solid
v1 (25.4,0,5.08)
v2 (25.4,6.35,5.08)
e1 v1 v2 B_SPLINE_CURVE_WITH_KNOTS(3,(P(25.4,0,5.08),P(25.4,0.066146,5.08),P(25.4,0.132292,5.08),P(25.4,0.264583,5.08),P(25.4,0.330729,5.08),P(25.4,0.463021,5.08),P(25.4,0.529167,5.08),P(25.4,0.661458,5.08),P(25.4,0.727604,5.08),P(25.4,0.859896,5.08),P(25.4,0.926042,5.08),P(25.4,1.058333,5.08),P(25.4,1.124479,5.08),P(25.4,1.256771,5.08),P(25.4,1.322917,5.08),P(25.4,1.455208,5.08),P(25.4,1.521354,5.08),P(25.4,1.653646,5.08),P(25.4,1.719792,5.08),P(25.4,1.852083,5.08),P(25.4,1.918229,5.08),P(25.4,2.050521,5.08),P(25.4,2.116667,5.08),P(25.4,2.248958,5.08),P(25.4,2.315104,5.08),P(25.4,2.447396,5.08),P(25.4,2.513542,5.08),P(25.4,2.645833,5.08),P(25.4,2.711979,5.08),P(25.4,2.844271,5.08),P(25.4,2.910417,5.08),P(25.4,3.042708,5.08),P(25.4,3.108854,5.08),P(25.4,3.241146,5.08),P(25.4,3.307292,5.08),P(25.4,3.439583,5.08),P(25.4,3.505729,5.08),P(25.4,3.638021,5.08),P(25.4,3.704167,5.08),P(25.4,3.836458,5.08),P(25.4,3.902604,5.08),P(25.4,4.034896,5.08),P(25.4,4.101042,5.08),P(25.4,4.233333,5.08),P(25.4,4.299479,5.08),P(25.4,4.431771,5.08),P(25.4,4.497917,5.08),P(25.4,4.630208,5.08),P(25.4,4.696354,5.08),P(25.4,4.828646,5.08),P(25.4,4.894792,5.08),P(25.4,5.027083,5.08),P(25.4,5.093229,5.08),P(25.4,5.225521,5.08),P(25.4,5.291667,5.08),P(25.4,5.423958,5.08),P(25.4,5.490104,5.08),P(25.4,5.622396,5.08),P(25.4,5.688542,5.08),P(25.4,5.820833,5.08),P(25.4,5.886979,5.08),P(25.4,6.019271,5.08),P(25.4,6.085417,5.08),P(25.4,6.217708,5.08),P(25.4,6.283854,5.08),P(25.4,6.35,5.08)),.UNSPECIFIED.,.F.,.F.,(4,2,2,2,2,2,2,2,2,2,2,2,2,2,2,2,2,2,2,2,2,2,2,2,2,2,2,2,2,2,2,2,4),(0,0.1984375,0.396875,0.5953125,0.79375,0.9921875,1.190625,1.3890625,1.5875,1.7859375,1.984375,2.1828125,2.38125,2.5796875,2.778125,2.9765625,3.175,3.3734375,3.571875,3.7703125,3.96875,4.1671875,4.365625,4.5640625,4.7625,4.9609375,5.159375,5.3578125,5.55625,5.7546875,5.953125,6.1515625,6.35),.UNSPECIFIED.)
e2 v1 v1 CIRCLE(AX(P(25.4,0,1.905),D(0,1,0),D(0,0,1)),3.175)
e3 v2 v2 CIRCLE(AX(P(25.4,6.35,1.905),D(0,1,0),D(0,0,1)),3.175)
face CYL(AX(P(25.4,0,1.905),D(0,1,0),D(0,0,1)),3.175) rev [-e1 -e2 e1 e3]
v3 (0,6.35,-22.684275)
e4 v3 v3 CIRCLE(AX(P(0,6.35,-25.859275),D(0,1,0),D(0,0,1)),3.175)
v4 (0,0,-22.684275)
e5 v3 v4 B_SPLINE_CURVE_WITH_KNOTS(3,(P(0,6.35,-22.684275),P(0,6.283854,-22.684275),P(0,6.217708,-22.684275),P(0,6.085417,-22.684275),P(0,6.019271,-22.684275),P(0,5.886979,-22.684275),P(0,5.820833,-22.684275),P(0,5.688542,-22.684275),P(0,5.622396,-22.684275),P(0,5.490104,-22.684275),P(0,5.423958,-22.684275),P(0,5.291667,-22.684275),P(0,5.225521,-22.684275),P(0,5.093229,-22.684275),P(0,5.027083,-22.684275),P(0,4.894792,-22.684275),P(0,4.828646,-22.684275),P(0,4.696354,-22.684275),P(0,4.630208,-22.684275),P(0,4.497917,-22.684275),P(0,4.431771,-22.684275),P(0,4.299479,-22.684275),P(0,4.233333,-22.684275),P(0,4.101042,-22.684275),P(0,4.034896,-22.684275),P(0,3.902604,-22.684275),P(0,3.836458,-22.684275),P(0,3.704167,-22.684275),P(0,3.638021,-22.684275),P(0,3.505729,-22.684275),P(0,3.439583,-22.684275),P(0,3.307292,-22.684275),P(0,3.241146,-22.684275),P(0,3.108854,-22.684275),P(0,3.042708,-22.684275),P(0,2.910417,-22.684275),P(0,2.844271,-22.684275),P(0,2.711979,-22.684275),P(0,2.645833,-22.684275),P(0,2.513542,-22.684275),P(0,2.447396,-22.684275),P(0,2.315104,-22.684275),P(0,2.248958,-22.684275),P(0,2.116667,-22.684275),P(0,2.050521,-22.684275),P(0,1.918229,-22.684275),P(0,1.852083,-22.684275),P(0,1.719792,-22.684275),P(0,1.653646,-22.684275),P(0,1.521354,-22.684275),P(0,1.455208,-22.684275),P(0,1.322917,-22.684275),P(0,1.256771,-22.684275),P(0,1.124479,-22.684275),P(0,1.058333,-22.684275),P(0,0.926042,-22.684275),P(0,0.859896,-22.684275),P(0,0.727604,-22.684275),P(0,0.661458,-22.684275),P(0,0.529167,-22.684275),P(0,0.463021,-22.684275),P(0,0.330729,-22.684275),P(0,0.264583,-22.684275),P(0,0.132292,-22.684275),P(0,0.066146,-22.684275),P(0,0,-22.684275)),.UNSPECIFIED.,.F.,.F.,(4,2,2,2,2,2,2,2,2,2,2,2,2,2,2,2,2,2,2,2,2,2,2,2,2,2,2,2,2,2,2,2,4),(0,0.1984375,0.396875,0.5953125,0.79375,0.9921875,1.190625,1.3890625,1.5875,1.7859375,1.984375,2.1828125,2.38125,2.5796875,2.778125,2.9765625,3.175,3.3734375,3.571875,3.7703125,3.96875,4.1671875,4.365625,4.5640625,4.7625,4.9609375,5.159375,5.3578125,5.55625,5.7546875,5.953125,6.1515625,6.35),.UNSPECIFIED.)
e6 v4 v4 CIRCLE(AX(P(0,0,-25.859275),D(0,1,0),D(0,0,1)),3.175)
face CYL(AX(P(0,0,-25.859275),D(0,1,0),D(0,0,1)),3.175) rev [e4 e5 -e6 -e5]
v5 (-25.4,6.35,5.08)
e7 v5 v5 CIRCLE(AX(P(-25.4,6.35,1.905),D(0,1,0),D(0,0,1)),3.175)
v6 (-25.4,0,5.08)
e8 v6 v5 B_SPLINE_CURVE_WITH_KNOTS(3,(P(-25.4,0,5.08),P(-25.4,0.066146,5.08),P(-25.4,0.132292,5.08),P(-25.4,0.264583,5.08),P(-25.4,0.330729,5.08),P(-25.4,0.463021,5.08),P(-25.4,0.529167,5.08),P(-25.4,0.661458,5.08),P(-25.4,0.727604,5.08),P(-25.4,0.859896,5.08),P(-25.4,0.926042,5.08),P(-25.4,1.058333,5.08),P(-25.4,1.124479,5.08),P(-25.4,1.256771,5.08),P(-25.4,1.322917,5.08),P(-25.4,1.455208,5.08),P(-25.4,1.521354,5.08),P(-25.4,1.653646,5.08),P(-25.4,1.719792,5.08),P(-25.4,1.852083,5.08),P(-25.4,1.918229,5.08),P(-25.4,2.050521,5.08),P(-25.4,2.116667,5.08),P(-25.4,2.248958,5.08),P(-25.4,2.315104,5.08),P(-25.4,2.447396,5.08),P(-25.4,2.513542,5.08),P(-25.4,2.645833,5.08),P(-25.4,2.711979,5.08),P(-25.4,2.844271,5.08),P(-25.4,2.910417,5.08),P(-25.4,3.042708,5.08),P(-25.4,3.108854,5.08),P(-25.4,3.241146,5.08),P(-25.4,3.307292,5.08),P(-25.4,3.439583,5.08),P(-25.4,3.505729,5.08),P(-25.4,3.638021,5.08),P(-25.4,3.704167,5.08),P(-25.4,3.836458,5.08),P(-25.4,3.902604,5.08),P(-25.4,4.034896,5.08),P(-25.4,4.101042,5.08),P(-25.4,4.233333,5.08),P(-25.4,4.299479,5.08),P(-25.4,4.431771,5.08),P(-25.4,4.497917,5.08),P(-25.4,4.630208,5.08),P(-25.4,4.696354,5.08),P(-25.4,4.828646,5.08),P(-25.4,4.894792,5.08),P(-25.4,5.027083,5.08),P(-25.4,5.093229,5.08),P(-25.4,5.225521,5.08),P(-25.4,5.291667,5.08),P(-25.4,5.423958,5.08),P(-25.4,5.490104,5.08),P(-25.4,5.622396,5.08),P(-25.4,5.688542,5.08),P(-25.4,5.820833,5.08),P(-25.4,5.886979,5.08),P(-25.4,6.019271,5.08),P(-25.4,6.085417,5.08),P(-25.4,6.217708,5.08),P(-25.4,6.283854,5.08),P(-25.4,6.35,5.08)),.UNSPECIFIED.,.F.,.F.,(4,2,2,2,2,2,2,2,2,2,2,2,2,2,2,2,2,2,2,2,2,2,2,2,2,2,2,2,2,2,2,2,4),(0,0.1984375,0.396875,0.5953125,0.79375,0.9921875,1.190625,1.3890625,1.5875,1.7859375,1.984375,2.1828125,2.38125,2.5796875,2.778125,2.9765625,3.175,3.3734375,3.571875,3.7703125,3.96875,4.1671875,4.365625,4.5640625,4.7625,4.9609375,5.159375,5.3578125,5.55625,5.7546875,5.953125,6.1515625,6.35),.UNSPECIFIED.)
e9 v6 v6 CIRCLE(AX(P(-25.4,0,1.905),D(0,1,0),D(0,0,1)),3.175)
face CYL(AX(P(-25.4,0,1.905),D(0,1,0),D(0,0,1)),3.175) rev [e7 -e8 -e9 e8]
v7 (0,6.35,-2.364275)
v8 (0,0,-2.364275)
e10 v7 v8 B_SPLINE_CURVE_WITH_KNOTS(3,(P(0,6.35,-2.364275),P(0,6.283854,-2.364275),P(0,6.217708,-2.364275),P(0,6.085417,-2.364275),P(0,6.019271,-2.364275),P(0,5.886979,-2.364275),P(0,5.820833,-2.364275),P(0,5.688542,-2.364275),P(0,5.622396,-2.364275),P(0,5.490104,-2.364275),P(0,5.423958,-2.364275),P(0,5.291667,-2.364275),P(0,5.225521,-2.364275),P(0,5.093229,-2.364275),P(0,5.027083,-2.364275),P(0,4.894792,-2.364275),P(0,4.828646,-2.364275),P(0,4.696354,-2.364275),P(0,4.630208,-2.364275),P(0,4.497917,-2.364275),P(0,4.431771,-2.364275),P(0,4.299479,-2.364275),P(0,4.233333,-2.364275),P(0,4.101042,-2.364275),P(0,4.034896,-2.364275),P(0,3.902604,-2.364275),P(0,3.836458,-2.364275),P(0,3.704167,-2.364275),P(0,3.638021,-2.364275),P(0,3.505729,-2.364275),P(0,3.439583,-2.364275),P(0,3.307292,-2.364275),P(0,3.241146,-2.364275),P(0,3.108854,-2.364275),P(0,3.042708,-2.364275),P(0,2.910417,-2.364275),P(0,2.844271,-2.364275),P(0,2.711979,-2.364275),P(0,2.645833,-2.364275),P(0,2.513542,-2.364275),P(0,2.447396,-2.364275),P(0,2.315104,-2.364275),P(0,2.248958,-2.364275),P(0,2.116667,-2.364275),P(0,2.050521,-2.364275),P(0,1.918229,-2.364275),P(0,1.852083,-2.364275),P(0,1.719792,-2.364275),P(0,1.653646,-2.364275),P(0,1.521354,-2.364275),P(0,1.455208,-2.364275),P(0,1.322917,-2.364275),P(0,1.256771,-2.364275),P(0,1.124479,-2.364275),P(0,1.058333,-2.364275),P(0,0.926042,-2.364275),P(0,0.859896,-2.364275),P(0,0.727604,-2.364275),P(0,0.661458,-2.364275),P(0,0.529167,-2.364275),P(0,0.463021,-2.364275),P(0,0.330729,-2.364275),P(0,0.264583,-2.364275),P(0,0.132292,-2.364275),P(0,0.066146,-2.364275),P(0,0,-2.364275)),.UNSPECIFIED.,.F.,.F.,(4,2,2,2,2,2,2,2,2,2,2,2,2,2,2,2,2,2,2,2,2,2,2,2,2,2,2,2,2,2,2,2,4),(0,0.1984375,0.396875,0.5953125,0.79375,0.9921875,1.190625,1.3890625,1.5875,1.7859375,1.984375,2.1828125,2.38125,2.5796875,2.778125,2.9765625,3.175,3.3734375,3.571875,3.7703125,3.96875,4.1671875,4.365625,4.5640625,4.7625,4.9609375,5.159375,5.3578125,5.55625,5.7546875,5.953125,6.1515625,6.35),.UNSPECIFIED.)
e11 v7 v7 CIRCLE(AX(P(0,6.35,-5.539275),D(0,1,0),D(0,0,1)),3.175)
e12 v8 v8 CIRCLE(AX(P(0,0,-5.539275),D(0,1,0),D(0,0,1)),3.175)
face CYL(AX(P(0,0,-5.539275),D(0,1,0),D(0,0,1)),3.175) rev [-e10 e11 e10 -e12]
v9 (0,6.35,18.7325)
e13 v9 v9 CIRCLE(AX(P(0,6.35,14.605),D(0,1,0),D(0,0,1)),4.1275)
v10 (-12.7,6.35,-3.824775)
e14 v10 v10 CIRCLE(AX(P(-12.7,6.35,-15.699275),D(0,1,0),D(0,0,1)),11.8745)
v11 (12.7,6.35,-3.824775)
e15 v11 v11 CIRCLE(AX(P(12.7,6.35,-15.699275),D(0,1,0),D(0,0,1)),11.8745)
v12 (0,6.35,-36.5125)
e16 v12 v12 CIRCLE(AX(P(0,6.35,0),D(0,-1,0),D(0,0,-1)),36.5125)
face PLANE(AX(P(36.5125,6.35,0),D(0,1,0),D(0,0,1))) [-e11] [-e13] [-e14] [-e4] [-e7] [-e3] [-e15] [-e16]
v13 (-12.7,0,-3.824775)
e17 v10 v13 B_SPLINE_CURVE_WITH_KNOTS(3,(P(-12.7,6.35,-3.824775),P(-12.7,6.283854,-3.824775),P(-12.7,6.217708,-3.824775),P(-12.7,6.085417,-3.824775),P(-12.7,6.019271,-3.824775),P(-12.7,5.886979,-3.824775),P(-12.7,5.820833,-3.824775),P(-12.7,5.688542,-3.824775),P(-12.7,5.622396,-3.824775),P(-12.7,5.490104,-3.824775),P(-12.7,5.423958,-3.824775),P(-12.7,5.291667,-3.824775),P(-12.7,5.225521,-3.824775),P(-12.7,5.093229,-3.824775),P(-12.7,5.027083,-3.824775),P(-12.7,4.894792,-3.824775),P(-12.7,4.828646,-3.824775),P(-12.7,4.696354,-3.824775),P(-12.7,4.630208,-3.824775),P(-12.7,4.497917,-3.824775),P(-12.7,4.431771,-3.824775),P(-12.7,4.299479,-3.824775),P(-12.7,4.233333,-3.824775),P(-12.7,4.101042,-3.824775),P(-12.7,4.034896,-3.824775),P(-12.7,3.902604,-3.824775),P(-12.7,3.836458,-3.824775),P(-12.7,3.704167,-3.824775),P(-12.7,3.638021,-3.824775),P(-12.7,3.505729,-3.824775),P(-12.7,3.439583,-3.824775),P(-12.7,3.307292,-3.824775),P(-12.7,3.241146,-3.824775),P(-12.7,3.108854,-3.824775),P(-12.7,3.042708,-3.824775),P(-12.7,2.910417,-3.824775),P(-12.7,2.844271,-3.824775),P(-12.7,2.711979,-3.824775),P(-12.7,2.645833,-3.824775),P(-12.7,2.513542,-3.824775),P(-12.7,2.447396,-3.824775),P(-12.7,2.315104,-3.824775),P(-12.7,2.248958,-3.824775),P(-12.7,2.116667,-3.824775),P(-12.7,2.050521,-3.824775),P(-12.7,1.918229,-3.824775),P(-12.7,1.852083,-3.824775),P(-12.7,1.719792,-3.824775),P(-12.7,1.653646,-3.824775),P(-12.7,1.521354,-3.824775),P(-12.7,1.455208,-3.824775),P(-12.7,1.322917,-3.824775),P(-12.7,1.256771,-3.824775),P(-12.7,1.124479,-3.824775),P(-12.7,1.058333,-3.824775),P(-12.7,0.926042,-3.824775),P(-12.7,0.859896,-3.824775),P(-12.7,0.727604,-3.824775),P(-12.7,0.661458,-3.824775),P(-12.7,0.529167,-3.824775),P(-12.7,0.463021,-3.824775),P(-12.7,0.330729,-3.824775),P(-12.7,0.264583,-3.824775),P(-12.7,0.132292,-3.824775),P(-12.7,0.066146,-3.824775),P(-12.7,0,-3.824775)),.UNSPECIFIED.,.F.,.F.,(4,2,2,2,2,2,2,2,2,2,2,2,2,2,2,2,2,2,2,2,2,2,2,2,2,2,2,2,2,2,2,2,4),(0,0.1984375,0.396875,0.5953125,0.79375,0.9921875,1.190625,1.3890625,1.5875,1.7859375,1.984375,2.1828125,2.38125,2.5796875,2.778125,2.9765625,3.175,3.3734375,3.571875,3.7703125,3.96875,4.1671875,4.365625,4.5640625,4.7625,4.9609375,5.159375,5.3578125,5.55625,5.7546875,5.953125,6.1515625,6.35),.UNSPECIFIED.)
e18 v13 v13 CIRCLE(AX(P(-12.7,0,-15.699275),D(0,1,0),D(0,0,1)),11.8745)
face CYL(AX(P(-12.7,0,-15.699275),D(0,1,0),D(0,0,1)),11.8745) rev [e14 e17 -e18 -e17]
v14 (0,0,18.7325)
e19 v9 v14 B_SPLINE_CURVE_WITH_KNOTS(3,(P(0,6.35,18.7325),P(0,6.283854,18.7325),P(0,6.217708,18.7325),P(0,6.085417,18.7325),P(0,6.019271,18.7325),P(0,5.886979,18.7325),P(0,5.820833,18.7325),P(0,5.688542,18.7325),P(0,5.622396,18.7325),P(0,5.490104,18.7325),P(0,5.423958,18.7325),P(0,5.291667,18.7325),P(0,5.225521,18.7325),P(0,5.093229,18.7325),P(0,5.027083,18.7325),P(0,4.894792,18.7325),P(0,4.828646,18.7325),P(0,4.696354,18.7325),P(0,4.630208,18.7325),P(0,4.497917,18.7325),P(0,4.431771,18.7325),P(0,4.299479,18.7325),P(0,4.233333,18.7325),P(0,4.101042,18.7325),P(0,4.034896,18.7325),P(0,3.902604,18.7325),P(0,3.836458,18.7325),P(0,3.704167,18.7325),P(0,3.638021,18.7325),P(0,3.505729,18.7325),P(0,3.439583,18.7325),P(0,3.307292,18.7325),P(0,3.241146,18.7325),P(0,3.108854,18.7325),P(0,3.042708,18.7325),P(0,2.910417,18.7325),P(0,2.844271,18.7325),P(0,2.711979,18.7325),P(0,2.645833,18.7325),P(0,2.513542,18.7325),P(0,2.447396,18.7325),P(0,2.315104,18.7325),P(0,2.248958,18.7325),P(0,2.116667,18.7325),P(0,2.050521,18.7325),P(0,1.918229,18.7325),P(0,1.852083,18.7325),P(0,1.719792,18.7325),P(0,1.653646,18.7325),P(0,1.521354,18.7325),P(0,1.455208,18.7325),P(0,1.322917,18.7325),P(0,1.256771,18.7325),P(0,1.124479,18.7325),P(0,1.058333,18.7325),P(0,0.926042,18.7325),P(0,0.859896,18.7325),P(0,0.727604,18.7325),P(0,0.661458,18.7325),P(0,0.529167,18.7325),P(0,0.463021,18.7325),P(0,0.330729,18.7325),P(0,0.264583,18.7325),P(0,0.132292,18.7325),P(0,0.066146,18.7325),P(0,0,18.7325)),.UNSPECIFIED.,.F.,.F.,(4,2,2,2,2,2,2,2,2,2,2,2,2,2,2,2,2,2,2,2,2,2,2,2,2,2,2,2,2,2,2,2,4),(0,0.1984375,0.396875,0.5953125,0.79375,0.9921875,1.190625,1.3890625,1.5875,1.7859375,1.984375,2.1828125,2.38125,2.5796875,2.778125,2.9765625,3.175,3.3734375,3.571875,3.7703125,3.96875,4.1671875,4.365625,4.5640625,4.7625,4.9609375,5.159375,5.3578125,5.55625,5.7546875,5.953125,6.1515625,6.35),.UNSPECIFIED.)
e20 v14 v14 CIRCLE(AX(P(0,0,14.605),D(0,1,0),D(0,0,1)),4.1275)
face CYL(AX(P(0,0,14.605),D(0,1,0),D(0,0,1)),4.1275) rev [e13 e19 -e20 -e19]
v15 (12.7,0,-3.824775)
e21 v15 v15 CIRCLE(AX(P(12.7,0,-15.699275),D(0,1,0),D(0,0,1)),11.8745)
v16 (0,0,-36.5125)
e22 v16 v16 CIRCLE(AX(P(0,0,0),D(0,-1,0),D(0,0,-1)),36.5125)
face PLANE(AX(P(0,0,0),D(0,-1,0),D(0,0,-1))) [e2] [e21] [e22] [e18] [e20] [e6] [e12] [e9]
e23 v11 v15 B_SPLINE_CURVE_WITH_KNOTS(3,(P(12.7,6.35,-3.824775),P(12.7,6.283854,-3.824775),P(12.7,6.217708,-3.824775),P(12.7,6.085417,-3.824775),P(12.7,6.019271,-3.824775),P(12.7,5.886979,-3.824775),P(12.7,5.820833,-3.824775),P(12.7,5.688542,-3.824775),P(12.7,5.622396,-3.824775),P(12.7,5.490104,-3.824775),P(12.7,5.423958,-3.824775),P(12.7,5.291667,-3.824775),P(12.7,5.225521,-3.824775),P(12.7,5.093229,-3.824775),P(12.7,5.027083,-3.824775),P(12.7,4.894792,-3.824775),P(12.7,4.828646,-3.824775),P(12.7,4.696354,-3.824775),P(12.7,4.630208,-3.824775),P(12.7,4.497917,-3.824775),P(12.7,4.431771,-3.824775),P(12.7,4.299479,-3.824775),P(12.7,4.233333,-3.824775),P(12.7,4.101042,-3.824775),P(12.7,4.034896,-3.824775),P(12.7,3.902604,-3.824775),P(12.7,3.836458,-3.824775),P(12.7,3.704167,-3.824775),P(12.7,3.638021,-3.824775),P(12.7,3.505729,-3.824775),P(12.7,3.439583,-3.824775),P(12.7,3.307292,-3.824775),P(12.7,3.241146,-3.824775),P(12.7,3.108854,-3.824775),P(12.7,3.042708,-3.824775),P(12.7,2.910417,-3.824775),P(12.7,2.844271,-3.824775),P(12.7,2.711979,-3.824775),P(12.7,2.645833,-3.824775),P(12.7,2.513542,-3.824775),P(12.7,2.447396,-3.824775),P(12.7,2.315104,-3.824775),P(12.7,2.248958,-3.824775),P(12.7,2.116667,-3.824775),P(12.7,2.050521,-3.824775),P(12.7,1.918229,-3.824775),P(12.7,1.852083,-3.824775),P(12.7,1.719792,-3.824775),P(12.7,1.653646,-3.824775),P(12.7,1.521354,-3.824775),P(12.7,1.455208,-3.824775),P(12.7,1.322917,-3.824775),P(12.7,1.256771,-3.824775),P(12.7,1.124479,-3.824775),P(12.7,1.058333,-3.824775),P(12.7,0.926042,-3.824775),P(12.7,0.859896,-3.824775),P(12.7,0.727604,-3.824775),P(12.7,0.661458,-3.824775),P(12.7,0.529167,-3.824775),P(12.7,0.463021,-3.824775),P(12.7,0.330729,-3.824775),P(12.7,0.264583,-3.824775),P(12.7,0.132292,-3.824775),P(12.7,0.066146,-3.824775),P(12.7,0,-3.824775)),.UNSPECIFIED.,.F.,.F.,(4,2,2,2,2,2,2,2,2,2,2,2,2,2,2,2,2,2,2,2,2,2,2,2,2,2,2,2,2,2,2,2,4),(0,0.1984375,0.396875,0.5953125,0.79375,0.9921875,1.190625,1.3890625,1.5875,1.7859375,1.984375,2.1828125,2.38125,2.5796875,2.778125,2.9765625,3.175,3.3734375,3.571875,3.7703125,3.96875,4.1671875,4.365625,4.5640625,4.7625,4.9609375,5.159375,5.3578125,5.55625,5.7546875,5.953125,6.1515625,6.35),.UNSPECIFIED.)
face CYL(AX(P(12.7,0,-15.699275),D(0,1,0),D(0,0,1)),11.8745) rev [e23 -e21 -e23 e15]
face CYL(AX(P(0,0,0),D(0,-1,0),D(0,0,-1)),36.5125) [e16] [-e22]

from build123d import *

# Parameters (mm, degrees)
SKETCH1_W               = 36.5125
SKETCH1_H               = 6.35
CUT_EXTRUDE1_DEPTH      = 53.025453506
CUT_EXTRUDE1_DEPTH_BACK = 53.025453506
SKETCH2_R               = 11.8745
SKETCH2_R_2             = 3.175
SKETCH2_R_3             = 4.1275
CUT_EXTRUDE2_DEPTH      = 53.025453506
CUT_EXTRUDE2_DEPTH_BACK = 53.025453506
SKETCH3_R               = 3.175


with BuildPart() as part:
    # Sketch1 → Revolve1 (revolve)
    with BuildSketch(Plane.XY):
        with Locations((18.25625, 3.175)):
            Rectangle(SKETCH1_W, SKETCH1_H)
    revolve(axis=Axis((0, 0, 0), (0, 1, 0)))

    # Sketch2 → Cut-Extrude1 (cut, two sides: drawn at the far end of the back side and taken through both)
    with BuildSketch(Plane(origin=(0, 6.35, 0), x_dir=(1, 0, 0), z_dir=(0, 1, 0)).offset(-CUT_EXTRUDE1_DEPTH_BACK)):
        with Locations((-12.7, 15.699275429)):
            Circle(SKETCH2_R)
        with Locations((12.7, 15.699275429)):
            Circle(SKETCH2_R)
        with Locations((0, 25.859275429)):
            Circle(SKETCH2_R_2)
        with Locations((0, 5.539275429)):
            Circle(SKETCH2_R_2)
        with Locations((0, -14.605)):
            Circle(SKETCH2_R_3)
    extrude(amount=CUT_EXTRUDE1_DEPTH + CUT_EXTRUDE1_DEPTH_BACK, mode=Mode.SUBTRACT)

    # Sketch3 → Cut-Extrude2 (cut, two sides: drawn at the far end of the back side and taken through both)
    with BuildSketch(Plane(origin=(0, 6.35, 0), x_dir=(1, 0, 0), z_dir=(0, 1, 0)).offset(-CUT_EXTRUDE2_DEPTH_BACK)):
        with Locations((-25.4, -1.905)):
            Circle(SKETCH3_R)
        with Locations((25.4, -1.905)):
            Circle(SKETCH3_R)
    extrude(amount=CUT_EXTRUDE2_DEPTH + CUT_EXTRUDE2_DEPTH_BACK, mode=Mode.SUBTRACT)


solid = part.part
